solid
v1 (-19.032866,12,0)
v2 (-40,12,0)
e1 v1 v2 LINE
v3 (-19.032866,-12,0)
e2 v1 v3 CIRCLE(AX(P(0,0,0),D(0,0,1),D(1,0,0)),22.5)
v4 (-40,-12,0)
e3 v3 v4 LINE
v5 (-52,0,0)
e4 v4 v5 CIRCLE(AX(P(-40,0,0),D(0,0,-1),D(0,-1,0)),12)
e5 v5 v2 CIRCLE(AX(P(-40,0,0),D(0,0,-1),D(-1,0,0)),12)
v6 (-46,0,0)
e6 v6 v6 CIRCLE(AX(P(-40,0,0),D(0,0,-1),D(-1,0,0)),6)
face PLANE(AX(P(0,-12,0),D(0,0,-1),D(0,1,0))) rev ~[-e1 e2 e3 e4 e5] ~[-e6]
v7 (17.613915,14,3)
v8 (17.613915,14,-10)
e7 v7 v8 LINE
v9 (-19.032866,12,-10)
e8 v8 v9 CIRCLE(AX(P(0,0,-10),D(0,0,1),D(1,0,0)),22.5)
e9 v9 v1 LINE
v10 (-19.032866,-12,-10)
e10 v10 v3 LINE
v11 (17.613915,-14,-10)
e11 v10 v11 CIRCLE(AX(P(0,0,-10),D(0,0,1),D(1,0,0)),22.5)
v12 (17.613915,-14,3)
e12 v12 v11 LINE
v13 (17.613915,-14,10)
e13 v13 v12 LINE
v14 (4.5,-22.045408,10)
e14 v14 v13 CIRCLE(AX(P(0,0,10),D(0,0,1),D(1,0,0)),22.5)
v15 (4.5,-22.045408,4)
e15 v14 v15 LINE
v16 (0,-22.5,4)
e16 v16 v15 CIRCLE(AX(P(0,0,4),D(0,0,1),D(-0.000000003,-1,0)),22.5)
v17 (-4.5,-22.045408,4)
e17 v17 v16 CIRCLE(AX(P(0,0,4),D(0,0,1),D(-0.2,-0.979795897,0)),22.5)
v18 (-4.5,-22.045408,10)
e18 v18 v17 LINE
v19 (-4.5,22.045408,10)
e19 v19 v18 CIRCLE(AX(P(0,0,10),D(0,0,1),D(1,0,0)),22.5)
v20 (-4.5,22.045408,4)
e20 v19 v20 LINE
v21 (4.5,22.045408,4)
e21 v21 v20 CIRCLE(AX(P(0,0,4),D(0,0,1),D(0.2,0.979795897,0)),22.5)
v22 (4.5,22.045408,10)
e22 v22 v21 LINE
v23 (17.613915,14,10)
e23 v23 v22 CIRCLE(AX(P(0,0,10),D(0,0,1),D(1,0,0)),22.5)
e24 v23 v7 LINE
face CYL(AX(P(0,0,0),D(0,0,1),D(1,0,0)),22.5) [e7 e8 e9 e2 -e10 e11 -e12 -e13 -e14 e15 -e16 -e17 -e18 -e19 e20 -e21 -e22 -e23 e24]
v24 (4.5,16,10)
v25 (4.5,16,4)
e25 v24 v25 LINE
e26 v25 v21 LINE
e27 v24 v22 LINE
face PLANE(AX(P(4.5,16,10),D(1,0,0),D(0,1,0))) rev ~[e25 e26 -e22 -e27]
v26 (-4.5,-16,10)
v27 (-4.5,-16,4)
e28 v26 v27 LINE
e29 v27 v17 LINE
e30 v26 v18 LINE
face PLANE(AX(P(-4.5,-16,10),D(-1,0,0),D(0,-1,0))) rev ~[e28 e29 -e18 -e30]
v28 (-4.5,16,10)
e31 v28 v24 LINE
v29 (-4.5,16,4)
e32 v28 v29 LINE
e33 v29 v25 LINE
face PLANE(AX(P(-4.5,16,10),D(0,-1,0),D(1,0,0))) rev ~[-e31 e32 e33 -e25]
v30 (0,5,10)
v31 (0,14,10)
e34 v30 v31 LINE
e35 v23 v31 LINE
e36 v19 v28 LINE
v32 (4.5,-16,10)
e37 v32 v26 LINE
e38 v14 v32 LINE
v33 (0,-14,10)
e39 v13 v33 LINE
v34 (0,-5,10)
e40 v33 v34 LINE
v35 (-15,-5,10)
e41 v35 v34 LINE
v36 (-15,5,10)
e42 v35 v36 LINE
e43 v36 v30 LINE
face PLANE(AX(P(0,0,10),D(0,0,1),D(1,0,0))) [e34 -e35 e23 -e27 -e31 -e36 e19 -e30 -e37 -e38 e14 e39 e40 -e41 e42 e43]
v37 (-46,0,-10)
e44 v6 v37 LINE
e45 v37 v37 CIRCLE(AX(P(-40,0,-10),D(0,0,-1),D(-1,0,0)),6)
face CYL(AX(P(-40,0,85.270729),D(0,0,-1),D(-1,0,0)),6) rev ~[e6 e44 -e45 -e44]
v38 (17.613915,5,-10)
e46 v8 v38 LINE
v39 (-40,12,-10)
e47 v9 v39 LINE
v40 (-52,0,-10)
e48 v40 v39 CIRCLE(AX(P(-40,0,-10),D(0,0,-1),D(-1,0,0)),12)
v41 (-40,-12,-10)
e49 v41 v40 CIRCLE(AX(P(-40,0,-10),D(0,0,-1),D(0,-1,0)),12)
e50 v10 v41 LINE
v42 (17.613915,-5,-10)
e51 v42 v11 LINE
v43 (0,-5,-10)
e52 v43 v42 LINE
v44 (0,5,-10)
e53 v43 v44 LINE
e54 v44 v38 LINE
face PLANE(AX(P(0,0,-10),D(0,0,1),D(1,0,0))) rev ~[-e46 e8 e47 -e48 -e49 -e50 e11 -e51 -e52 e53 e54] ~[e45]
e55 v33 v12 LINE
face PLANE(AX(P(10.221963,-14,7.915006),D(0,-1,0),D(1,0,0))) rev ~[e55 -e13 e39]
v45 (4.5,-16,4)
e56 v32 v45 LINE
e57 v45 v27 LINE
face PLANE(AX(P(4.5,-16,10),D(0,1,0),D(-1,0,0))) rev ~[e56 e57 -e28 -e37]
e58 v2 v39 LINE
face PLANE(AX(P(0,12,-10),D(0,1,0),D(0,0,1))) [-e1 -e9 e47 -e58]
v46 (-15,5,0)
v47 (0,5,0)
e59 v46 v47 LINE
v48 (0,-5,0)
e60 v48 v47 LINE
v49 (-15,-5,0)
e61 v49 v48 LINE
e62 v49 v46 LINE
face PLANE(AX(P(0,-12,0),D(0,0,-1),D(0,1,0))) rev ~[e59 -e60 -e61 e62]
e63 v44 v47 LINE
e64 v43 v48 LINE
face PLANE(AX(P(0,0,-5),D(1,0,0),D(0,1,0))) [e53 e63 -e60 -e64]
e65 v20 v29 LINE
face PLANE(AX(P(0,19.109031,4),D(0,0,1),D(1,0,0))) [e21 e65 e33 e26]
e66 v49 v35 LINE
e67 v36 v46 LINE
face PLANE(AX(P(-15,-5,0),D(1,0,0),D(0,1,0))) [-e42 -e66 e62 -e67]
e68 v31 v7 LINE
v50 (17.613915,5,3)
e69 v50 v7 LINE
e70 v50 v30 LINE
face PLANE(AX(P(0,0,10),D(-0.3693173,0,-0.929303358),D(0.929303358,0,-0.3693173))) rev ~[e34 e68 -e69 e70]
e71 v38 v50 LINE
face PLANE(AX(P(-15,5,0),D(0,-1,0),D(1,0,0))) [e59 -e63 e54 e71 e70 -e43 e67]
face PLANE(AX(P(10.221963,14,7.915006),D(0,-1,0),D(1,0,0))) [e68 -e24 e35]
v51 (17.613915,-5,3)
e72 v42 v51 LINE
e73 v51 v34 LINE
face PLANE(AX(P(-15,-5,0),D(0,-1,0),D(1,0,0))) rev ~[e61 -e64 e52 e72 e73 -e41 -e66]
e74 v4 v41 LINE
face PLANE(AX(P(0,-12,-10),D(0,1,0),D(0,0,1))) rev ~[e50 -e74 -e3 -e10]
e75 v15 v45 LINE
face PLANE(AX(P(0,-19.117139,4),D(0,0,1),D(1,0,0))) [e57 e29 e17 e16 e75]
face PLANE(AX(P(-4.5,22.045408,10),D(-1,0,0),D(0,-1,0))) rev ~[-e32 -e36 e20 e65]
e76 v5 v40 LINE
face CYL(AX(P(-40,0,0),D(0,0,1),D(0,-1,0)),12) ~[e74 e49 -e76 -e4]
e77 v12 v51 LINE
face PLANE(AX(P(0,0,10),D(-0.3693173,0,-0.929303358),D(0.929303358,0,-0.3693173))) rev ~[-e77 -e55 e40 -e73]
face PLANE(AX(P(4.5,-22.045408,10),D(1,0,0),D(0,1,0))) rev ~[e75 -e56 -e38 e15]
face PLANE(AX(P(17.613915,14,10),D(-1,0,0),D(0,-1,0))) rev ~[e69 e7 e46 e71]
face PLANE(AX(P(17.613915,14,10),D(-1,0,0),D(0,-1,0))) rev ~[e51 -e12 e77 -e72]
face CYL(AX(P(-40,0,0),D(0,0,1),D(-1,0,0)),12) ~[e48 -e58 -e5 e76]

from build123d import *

# Parameters (mm, degrees)
F0_R      = 22.5
F1_DEPTH  = 10
F3_DEPTH  = 20.001
F5_DEPTH  = 6
F7_DEPTH  = 14
F8_W      = 37.5
F8_H      = 10
F9_DEPTH  = 10
F10_W     = 24
F10_H     = 10
F11_DEPTH = 52
F13_DEPTH = 10
F14_D     = 12


with BuildPart() as f1:
    # F0 (on Top) → F1 (new body, symmetric)
    with BuildSketch(Plane.XY):
        Circle(F0_R)
    extrude(amount=F1_DEPTH, both=True)

    # F2 (on face) → F3 (cut, through all)
    with BuildSketch(Plane.XY.offset(10)):
        with BuildLine():
            Line((17.6139149538, 14), (17.6139149538, -14))
            ThreePointArc((17.6139149538, -14), (21.2433882239, -7.4140715379), (22.5, 0))
            ThreePointArc((22.5, 0), (21.2433882239, 7.4140715379), (17.6139149538, 14))
        make_face()
    extrude(amount=-F3_DEPTH, mode=Mode.SUBTRACT)

    # F4 (on face) → F5 (cut)
    with BuildSketch(Plane.XY.offset(10)):
        with BuildLine():
            Line((4.5, -22.045407685), (4.5, -16))
            Line((4.5, -16), (-4.5, -16))
            Line((-4.5, -16), (-4.5, -22.045407685))
            ThreePointArc((-4.5, -22.045407685), (-2.2614516773, -22.3860634394), (-6.48e-08, -22.5))
            ThreePointArc((-6.48e-08, -22.5), (2.2614516129, -22.3860634459), (4.5, -22.045407685))
        make_face()
        with BuildLine():
            ThreePointArc((4.5, 22.045407685), (2.2614515402, 22.3860634532), (-2.11e-07, 22.5))
            ThreePointArc((-2.11e-07, 22.5), (-2.2614517501, 22.386063432), (-4.5, 22.045407685))
            Line((-4.5, 22.045407685), (-4.5, 16))
            Line((-4.5, 16), (4.5, 16))
            Line((4.5, 16), (4.5, 22.045407685))
        make_face()
    extrude(amount=-F5_DEPTH, mode=Mode.SUBTRACT)

    # F6 (on Front) → F7 (cut, symmetric)
    with BuildSketch(Plane.XZ):
        Polygon((17.6139149538, 3), (17.6139149538, 10), (0, 10), align=None)
    extrude(amount=F7_DEPTH, both=True, mode=Mode.SUBTRACT)

    # F8 (on Top) → F9 (cut, symmetric)
    with BuildSketch(Plane.XY):
        with Locations((3.75, 0)):
            Rectangle(F8_W, F8_H)
    extrude(amount=F9_DEPTH, both=True, mode=Mode.SUBTRACT)

    # F10 (on Right) → F11 (join)
    with BuildSketch(Plane.YZ):
        with Locations((0, -5)):
            Rectangle(F10_W, F10_H)
    extrude(amount=-F11_DEPTH)

    # F12 (on Top) → F13 (cut)
    with BuildSketch(Plane.XY):
        with BuildLine():
            Line((-40, 12), (-52, 12))
            Line((-52, 12), (-52, 0))
            ThreePointArc((-52, 0), (-48.4852813742, 8.4852813742), (-40, 12))
        make_face()
        with BuildLine():
            ThreePointArc((-40, -12), (-48.4852813742, -8.4852813742), (-52, 0))
            Line((-52, 0), (-52, -12))
            Line((-52, -12), (-40, -12))
        make_face()
    extrude(amount=-F13_DEPTH, mode=Mode.SUBTRACT)

    # F14 (through all)
    with Locations(Plane.XY):
        with Locations((-40, 0)):
            Hole(F14_D / 2)


solid = f1.part
